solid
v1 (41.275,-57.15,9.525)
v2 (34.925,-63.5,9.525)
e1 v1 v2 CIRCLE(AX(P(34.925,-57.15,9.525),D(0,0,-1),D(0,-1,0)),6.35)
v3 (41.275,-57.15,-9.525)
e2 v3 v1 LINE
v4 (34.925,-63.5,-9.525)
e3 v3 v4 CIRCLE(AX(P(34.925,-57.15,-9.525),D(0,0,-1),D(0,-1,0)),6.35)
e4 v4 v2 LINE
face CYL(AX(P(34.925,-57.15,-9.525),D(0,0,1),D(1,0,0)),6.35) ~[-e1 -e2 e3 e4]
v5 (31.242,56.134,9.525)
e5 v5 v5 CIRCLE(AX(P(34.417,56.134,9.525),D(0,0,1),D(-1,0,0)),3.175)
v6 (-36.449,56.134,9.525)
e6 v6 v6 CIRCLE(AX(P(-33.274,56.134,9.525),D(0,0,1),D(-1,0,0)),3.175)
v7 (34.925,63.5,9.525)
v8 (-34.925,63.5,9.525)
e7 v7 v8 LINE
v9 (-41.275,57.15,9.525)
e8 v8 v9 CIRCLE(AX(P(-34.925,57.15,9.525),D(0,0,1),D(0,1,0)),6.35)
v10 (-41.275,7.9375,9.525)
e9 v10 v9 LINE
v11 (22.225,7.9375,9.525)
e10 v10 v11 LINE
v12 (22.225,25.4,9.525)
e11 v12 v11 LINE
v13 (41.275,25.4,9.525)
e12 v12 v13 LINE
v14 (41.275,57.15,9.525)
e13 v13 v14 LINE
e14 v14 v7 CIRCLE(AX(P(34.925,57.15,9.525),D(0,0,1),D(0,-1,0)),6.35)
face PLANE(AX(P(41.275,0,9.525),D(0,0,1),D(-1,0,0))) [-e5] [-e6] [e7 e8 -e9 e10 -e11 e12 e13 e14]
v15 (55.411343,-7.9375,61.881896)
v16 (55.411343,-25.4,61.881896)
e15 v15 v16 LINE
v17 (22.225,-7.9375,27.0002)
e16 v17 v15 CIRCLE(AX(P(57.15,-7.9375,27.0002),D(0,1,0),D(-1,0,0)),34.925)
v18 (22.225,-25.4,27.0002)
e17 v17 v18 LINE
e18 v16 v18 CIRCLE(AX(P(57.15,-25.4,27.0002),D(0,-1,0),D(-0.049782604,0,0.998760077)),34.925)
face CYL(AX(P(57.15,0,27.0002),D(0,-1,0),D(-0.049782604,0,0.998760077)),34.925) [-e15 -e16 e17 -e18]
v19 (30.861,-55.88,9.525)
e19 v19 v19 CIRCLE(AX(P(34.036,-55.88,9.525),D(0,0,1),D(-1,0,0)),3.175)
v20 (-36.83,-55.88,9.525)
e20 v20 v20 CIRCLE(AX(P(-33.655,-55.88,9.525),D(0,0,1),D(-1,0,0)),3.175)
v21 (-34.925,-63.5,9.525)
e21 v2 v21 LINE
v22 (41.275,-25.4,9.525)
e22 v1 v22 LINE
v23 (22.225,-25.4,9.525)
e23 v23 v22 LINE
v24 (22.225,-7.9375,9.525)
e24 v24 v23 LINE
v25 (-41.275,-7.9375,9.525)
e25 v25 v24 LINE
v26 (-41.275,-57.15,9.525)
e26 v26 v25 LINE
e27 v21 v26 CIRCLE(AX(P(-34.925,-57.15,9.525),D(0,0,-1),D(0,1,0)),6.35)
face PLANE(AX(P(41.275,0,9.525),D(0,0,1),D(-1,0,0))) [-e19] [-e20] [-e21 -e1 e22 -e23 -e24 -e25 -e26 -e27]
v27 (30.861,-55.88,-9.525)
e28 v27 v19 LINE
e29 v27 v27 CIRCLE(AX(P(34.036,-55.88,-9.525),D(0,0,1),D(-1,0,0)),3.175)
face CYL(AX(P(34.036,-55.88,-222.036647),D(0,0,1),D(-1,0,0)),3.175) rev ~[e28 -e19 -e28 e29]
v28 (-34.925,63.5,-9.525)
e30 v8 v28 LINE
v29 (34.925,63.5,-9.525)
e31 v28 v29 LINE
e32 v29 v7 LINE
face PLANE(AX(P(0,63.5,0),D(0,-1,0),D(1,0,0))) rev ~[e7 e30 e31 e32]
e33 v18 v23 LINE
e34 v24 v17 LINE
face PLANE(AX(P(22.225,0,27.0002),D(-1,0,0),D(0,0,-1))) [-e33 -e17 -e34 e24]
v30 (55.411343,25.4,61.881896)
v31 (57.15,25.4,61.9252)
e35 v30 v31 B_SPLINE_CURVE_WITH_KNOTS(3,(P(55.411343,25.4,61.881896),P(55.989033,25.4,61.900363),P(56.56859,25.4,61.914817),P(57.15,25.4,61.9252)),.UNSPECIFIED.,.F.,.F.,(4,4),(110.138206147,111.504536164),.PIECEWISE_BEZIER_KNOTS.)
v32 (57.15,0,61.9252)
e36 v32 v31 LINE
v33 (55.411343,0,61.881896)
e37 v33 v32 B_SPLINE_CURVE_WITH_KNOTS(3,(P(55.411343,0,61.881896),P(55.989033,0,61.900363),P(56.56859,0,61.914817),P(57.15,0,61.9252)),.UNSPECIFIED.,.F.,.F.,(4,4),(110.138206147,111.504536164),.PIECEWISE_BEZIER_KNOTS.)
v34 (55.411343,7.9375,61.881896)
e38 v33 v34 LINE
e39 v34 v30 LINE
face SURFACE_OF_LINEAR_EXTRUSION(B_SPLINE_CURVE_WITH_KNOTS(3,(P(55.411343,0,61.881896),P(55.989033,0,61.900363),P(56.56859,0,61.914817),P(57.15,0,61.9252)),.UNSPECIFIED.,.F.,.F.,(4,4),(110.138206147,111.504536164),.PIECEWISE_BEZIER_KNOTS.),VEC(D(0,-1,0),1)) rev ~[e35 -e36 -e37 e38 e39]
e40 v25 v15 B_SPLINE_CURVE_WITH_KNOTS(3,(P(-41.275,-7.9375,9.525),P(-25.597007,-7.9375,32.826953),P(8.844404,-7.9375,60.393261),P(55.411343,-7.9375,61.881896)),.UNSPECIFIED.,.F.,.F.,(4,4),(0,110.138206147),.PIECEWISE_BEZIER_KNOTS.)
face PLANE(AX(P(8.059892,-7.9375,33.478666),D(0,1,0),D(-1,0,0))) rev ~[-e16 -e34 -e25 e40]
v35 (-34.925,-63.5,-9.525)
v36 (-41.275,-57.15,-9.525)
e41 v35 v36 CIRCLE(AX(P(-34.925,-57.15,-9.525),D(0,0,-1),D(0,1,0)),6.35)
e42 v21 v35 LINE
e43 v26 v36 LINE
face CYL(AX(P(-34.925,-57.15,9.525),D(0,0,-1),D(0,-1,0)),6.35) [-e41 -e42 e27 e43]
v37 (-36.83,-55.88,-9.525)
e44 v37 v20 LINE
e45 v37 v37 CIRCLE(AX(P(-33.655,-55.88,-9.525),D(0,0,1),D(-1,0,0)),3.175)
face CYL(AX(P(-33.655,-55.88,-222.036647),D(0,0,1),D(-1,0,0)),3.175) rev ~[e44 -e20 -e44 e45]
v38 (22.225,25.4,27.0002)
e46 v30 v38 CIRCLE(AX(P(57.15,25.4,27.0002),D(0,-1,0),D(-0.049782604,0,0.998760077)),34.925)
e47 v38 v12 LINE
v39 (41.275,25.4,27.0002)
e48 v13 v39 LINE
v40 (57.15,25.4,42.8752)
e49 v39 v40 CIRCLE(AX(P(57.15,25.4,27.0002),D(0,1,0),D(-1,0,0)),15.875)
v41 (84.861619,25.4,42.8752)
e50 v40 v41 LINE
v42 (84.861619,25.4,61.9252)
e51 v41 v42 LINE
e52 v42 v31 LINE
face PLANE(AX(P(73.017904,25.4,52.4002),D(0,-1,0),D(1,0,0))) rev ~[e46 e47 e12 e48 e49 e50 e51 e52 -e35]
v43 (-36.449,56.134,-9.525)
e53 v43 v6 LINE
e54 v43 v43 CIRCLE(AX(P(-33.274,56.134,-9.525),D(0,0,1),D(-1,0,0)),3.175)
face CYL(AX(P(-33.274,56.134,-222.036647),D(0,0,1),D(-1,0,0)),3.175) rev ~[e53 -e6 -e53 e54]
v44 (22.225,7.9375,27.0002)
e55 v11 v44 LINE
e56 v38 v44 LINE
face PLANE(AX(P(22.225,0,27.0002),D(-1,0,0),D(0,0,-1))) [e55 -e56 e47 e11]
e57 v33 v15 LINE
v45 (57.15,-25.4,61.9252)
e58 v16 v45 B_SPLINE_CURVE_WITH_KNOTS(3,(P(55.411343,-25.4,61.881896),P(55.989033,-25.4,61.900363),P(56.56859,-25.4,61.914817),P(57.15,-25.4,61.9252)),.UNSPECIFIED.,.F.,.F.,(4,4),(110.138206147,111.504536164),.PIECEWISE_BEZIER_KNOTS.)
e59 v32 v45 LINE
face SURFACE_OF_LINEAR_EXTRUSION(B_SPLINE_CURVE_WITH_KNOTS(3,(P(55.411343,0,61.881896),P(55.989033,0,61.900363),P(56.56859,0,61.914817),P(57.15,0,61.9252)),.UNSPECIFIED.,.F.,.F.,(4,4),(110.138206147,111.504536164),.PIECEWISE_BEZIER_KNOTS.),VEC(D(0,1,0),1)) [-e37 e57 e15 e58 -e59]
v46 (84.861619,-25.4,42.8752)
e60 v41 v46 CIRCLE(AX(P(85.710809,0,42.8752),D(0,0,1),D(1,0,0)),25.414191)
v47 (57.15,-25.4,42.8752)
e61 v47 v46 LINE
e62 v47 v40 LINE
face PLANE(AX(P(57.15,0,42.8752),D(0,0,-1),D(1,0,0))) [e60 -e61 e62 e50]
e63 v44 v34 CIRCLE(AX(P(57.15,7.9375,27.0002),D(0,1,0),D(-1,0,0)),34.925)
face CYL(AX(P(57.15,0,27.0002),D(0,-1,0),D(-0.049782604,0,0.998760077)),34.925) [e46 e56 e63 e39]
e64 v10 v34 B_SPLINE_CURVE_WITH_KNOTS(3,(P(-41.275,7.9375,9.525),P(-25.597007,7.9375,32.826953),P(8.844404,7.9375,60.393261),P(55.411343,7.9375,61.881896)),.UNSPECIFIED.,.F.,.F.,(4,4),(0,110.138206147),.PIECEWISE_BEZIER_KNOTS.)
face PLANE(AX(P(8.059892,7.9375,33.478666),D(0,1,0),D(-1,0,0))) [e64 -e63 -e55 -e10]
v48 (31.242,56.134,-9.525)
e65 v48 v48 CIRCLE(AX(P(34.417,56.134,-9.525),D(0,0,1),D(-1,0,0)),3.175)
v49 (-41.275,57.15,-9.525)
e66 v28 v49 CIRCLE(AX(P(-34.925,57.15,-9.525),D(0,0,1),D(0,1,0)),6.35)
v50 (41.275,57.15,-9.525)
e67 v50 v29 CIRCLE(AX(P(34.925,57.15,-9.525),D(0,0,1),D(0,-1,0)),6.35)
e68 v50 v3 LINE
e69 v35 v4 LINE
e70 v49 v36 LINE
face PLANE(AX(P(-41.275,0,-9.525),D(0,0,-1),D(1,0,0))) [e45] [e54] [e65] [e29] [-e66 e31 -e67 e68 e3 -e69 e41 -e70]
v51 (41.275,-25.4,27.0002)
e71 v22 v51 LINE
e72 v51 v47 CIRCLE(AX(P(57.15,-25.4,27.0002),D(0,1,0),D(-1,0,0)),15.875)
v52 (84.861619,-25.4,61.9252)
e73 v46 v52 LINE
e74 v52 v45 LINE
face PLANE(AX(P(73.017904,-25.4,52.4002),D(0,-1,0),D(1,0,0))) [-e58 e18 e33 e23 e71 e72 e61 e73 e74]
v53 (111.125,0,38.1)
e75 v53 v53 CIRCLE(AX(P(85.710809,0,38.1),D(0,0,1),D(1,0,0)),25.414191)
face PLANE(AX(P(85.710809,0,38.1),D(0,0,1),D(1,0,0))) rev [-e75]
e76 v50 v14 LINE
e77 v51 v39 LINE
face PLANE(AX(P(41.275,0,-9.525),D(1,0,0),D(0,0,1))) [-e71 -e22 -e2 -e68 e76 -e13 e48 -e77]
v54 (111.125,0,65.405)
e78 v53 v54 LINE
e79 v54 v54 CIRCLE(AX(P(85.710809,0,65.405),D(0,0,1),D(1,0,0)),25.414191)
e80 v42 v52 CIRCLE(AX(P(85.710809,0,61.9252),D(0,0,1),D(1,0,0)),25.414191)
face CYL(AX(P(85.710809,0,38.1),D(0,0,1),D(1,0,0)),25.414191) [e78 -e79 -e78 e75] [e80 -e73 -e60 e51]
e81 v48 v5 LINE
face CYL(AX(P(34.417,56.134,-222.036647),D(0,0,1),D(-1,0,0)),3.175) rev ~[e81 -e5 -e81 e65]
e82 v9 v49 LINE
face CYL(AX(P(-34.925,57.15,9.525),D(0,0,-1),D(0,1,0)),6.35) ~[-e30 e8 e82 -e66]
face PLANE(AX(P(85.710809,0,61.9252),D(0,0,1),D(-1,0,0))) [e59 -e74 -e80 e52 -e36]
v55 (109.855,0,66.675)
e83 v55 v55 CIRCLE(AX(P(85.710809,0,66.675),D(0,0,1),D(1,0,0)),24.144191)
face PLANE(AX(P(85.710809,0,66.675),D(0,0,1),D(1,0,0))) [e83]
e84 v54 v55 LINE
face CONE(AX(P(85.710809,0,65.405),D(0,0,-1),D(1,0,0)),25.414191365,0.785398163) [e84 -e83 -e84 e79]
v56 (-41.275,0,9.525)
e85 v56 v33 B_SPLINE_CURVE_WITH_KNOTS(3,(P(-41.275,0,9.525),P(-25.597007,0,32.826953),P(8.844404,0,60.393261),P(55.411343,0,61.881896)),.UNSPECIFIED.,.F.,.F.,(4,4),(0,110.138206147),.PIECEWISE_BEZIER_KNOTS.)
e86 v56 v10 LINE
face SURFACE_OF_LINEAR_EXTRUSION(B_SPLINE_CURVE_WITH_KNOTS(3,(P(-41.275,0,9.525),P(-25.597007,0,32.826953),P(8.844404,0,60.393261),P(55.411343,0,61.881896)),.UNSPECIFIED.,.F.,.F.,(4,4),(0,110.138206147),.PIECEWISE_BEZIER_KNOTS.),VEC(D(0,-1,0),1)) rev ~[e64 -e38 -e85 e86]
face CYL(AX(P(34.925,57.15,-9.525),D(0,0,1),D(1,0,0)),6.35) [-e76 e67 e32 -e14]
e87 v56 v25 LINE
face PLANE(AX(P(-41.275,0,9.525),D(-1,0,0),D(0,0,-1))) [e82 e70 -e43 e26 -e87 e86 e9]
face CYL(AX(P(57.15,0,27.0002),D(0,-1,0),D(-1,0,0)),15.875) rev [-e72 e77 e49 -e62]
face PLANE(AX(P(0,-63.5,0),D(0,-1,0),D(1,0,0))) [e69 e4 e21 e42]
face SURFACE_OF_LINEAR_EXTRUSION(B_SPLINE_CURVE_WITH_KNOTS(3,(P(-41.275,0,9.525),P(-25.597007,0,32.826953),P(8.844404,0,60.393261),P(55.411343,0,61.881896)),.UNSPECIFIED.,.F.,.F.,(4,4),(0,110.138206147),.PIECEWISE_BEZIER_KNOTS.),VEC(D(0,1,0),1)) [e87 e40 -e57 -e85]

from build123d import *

# Parameters (mm, degrees)
F1_DEPTH = 63.5
F0_W     = 25.3858086348
F0_H     = 19.05
F2_DEPTH = 25.4
F3_DEPTH = 7.9375
F5_R     = 6.35
F7_D     = 6.35
F8_SIZE2 = 1.27
F8_SIZE  = 1.27


with BuildPart() as f1:
    # F0 (on Front) → F1 (new body, symmetric)
    with BuildSketch(Plane.XZ):
        Polygon((-41.275, 9.525), (-41.275, -9.525), (41.275, -9.525), (41.275, 9.525), (22.225, 9.525), align=None)
    extrude(amount=F1_DEPTH, both=True)

    # F0 (on Front) → F2 (join, symmetric)
    with BuildSketch(Plane.XZ):
        with Locations((73.0179043174, 52.4002)):
            Rectangle(F0_W, F0_H)
        with BuildLine():
            Line((22.225, 9.525), (41.275, 9.525))
            Line((41.275, 9.525), (41.275, 27.0002))
            ThreePointArc((41.275, 27.0002), (45.9246798487, 38.2255201513), (57.15, 42.8752))
            Line((57.15, 42.8752), (60.325, 42.8752))
            Line((60.325, 42.8752), (60.325, 61.9252))
            Line((60.325, 61.9252), (57.15, 61.9252))
            add(Edge.make_bspline(
                [(55.4113425633, 61.8818957059), (55.9890331624, 61.9003631029), (56.5685898657, 61.9148171773), (57.15, 61.9252)],
                knots=[110.1382061471, 110.1382061471, 110.1382061471, 110.1382061471, 111.5045361635, 111.5045361635, 111.5045361635, 111.5045361635], degree=3))
            ThreePointArc((55.4113425633, 61.8818957059), (31.8470531758, 51.073349088), (22.225, 27.0002))
            Line((22.225, 27.0002), (22.225, 9.525))
        make_face()
    extrude(amount=F2_DEPTH, both=True)

    # F0 (on Front) → F3 (join, symmetric)
    with BuildSketch(Plane.XZ):
        with BuildLine():
            add(Edge.make_bspline(
                [(-41.275, 9.525), (-25.5970072353, 32.826953112), (8.8444037337, 60.3932612228), (55.4113425633, 61.8818957059)],
                knots=[0, 0, 0, 0, 110.1382061471, 110.1382061471, 110.1382061471, 110.1382061471], degree=3))
            Line((-41.275, 9.525), (22.225, 9.525))
            Line((22.225, 9.525), (22.225, 27.0002))
            ThreePointArc((22.225, 27.0002), (31.8470531758, 51.073349088), (55.4113425633, 61.8818957059))
        make_face()
    extrude(amount=F3_DEPTH, both=True)

    # F0 (on Front) → F4 (revolve)
    with BuildSketch(Plane.XZ):
        Polygon((85.7108086348, 66.675), (85.7108086348, 61.9252), (85.7108086348, 42.8752), (85.7108086348, 38.1), (111.125, 38.1), (111.125, 66.675), align=None)
    revolve(axis=Axis((85.7108086348, 0, 52.3875), (0, 0, 1)))

    # F5
    f5_edges = [f1.edges().sort_by_distance(p)[0] for p in [
        (-41.275, -63.5, 0),
        (41.275, -63.5, 0),
        (41.275, 63.5, 0),
        (-41.275, 63.5, 0),
    ]]
    fillet(f5_edges, radius=F5_R)

    # F7 (through all)
    with Locations(Plane(origin=(0, 0, -9.525), x_dir=(1, 0, 0), z_dir=(0, 0, -1))):
        with Locations((-33.655, 55.88), (34.036, 55.88), (34.417, -56.134), (-33.274, -56.134)):
            Hole(F7_D / 2)

    # F8
    f8_edges = [f1.edges().sort_by_distance(p)[0] for p in [
        (60.296617, 0, 66.675),
    ]]
    chamfer(f8_edges, length=F8_SIZE, length2=F8_SIZE2)


solid = f1.part
